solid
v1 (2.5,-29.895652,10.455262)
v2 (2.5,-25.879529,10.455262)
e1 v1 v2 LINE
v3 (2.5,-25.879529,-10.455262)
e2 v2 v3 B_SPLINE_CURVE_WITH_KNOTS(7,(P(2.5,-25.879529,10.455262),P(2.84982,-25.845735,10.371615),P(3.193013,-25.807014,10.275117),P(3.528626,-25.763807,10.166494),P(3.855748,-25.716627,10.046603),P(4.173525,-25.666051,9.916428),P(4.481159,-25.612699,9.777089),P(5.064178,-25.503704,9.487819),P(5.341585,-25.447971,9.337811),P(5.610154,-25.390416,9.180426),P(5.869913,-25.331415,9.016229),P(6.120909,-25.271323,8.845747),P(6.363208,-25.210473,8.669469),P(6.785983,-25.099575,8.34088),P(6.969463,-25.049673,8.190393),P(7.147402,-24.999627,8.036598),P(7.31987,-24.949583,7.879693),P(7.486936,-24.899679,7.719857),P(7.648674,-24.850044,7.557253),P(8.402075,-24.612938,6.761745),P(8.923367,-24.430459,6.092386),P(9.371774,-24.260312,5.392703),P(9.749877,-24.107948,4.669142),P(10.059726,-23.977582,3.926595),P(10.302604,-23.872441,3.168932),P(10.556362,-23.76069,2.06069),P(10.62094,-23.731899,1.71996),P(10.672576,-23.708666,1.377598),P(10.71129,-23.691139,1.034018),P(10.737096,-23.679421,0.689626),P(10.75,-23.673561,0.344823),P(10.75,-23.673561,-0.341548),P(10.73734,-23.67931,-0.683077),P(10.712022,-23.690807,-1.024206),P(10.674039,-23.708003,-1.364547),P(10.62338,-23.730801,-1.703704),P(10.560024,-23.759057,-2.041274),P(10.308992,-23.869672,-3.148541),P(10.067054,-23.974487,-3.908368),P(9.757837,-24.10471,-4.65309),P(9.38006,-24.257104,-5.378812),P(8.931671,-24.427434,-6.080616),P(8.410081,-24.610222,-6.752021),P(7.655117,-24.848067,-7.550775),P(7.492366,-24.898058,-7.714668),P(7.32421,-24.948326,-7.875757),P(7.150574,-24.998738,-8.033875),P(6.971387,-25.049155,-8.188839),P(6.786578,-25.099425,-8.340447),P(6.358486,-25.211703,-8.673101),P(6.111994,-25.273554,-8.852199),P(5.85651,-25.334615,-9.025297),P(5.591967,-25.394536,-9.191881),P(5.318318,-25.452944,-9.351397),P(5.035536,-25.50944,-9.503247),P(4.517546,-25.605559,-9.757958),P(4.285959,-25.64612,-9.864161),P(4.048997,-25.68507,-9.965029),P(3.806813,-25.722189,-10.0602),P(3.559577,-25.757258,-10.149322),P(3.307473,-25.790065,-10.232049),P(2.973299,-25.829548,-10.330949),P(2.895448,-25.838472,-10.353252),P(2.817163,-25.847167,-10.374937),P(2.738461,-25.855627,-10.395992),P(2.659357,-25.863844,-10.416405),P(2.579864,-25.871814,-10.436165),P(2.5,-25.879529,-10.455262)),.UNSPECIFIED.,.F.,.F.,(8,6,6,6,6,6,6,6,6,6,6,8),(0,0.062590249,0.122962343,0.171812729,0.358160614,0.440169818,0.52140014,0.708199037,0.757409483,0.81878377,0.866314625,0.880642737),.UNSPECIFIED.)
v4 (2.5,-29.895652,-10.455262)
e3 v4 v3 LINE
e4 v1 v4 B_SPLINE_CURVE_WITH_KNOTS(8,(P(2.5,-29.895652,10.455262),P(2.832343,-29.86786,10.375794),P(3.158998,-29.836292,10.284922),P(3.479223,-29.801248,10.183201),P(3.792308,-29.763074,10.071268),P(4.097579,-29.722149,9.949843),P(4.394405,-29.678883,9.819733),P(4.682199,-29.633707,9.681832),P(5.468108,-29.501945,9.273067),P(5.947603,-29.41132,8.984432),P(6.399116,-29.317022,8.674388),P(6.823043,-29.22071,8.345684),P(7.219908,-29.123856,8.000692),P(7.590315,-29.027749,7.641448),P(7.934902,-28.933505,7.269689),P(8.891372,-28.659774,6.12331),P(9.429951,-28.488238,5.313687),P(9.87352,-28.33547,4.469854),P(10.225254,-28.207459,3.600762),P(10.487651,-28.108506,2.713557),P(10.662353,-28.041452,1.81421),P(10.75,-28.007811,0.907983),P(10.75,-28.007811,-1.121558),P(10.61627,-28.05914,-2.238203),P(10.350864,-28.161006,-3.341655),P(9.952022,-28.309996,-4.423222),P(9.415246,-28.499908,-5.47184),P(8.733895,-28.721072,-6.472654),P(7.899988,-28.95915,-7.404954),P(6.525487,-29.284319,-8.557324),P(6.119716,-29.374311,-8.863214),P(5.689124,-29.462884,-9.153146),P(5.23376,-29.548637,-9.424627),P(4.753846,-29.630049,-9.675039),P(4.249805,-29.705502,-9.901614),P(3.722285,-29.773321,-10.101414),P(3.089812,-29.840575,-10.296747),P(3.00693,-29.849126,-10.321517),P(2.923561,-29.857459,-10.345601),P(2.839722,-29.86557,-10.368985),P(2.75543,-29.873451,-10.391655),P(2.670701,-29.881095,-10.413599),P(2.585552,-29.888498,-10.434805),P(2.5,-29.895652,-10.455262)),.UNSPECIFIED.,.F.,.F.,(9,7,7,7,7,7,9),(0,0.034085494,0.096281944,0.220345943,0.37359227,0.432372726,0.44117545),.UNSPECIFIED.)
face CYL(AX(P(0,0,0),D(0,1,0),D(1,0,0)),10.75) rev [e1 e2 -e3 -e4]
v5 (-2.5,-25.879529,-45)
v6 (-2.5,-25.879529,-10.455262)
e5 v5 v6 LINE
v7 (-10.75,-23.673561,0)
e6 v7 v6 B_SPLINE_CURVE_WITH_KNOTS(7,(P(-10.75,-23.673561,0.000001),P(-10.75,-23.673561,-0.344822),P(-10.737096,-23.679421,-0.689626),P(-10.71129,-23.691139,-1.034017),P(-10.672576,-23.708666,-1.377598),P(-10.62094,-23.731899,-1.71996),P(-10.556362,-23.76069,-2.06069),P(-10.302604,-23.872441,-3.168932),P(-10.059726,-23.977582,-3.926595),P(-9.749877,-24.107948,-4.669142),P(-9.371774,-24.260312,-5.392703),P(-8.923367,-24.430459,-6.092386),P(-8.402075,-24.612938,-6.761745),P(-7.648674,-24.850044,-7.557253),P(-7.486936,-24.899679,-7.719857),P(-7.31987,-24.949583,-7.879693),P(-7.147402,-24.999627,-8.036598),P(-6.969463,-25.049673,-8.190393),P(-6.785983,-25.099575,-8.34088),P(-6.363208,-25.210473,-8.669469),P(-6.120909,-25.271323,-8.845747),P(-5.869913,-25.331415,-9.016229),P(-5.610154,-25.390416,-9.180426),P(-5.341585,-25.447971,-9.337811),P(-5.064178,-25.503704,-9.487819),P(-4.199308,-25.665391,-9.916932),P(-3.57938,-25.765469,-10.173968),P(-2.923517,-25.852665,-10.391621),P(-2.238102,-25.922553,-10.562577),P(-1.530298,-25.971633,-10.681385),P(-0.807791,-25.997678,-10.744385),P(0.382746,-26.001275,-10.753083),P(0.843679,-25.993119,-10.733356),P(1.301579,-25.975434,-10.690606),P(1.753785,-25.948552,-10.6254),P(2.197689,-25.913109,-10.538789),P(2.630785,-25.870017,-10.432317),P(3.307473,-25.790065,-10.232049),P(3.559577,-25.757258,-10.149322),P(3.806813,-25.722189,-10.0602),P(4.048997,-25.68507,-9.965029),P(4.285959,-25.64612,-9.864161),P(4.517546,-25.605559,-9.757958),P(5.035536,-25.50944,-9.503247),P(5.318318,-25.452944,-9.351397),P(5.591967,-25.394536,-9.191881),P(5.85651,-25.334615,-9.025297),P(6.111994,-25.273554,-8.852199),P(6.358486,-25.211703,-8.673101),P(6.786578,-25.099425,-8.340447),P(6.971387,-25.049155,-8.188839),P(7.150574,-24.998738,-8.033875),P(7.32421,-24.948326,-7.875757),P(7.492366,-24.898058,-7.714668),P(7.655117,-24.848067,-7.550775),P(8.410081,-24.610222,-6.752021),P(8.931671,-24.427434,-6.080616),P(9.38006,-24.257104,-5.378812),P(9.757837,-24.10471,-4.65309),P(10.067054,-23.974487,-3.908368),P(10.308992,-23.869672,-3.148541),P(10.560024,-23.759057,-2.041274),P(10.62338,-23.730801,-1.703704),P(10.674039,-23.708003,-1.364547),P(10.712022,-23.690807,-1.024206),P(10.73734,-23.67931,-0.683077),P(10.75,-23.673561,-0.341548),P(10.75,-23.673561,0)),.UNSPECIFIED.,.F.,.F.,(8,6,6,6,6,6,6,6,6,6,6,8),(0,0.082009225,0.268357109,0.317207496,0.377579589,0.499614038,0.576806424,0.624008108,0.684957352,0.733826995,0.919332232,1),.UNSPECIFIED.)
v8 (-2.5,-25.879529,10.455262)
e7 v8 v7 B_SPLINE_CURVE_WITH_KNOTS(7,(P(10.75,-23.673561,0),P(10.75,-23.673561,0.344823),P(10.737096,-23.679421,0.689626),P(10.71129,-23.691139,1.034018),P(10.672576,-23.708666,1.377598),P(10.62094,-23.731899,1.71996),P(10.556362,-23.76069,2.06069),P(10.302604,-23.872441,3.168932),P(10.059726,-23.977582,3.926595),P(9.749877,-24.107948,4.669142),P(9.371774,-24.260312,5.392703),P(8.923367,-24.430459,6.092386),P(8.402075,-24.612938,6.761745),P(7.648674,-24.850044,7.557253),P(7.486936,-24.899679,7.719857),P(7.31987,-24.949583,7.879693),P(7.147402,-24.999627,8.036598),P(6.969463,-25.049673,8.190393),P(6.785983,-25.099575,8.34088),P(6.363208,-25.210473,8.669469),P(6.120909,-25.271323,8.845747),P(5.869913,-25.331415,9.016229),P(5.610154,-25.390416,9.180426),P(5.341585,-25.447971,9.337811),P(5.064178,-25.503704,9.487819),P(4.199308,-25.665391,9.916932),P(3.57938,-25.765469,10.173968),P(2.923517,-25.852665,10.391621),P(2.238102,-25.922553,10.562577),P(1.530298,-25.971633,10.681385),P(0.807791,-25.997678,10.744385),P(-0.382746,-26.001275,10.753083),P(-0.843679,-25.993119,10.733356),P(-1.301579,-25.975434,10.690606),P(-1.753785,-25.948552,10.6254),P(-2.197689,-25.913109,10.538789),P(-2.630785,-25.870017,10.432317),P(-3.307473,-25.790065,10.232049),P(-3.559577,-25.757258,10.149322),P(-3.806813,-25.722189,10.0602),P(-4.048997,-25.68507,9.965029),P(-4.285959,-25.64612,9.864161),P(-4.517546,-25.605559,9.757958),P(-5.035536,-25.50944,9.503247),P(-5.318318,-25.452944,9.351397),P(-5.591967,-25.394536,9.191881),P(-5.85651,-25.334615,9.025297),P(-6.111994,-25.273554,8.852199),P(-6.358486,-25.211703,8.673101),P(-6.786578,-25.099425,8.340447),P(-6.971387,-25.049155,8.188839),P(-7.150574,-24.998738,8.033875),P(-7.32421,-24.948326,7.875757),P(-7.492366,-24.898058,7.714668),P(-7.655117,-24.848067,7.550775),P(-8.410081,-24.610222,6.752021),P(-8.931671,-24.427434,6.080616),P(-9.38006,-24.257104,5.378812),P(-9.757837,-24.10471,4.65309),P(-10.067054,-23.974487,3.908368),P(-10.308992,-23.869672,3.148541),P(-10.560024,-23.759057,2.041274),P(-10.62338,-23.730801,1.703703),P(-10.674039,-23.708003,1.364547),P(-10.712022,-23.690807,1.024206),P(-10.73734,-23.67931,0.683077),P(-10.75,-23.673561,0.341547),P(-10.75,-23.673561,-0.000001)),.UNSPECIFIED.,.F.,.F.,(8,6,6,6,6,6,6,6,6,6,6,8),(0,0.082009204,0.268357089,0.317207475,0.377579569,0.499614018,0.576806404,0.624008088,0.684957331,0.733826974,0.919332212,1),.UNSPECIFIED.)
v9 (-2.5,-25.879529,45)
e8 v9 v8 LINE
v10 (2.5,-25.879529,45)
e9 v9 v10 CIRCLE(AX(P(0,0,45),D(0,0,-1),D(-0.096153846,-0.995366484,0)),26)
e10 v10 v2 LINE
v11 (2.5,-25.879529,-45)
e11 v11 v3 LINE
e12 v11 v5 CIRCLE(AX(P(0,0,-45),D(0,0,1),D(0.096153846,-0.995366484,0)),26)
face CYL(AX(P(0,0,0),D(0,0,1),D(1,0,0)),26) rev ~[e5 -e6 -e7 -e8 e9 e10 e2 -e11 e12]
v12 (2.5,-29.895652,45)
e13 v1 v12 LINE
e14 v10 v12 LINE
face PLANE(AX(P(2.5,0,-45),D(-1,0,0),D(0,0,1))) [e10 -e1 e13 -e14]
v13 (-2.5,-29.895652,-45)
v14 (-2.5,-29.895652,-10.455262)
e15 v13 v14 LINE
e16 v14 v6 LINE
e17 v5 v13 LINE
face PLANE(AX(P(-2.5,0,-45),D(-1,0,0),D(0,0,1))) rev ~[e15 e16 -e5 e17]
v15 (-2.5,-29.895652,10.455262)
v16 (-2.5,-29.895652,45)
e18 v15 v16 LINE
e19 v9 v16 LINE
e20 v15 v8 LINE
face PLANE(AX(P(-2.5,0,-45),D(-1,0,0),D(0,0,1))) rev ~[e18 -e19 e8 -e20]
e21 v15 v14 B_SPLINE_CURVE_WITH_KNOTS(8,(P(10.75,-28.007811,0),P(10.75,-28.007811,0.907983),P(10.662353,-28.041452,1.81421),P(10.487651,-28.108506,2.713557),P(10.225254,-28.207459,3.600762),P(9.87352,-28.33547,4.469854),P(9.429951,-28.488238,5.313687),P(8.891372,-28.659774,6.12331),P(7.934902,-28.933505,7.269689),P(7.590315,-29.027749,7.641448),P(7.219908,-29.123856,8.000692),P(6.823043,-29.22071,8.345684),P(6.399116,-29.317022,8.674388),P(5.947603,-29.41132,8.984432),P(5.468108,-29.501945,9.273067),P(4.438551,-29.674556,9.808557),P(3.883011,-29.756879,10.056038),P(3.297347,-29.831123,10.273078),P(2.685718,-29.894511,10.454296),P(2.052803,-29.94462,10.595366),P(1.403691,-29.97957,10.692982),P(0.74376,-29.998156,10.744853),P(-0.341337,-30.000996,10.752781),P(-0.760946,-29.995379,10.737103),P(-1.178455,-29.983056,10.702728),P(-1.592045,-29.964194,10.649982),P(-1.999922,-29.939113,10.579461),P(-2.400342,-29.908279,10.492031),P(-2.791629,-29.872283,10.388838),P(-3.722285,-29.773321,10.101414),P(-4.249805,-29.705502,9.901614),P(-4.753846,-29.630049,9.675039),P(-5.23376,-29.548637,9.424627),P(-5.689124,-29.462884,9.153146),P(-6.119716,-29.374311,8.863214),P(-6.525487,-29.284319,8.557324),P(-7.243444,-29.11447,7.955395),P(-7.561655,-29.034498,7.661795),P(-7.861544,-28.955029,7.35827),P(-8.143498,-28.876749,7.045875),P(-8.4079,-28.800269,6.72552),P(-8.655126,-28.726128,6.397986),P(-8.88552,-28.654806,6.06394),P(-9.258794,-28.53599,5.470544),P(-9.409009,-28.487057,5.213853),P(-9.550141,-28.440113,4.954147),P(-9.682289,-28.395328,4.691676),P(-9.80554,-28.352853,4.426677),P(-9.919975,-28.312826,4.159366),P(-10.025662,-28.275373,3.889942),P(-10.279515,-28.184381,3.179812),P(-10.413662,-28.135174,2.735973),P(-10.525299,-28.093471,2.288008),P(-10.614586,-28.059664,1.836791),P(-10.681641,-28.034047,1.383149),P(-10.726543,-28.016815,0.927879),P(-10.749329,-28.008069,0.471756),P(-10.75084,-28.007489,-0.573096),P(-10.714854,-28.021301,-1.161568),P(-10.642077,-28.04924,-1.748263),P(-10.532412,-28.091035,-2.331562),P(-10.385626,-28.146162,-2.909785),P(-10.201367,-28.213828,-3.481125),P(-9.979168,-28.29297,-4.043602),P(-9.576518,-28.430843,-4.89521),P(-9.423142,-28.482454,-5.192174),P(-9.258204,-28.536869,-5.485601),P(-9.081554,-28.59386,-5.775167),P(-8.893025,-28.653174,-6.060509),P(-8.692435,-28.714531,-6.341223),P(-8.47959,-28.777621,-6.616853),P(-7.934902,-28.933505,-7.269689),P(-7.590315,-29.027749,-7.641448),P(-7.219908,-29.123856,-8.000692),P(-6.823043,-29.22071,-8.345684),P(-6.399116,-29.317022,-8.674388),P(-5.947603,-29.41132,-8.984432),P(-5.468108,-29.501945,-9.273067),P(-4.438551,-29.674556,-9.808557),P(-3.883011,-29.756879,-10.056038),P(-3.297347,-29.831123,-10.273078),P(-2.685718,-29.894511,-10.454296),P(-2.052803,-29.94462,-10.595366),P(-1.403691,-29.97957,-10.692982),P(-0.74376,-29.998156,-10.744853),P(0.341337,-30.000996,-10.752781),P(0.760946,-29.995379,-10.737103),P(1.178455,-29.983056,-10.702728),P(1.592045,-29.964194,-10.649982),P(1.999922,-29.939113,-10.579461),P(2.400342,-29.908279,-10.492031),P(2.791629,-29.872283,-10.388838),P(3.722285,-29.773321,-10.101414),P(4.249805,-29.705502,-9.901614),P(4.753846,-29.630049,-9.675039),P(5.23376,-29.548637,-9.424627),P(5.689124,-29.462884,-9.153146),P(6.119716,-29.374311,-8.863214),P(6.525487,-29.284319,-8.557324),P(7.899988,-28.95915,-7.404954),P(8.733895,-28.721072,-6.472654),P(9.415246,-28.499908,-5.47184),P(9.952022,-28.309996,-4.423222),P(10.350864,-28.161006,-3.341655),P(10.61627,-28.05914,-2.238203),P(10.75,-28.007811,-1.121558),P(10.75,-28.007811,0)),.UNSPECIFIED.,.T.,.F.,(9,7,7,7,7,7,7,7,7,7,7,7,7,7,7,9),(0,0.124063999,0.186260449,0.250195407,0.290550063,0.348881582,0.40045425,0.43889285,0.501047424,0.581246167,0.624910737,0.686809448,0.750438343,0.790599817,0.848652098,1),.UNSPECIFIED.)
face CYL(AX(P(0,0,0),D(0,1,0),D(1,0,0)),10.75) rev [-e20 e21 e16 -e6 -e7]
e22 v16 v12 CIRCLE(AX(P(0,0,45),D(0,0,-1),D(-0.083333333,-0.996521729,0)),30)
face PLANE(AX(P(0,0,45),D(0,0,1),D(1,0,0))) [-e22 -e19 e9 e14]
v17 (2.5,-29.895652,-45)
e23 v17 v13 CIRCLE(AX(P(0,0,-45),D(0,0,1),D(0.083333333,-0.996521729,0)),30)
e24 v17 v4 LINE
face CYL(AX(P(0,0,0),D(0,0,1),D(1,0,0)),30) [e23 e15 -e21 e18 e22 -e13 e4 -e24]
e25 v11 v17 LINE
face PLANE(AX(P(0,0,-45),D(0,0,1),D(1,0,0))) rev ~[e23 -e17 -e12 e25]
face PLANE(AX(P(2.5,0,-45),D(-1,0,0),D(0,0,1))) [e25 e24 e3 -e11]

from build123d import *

# Parameters (mm, degrees)
SKETCH009_R       = 30
SKETCH009_R_2     = 26
PAD002_DEPTH      = 45
PAD002_DEPTH_BACK = 45
SKETCH010_R       = 10.75
POCKET007_DEPTH   = 30.001
SKETCH027_W       = 5
SKETCH027_H       = 90
POCKET012_DEPTH   = 30.001


with BuildPart() as part:
    # Sketch009 → Pad002 (new body, two sides)
    with BuildSketch(Plane.XY) as pad002_sk:
        Circle(SKETCH009_R)
        Circle(SKETCH009_R_2, mode=Mode.SUBTRACT)
    extrude(amount=PAD002_DEPTH)
    extrude(pad002_sk.sketch, amount=-PAD002_DEPTH_BACK)

    # Sketch010 → Pocket007 (cut, through all)
    with BuildSketch(Plane.XZ):
        Circle(SKETCH010_R)
    extrude(amount=POCKET007_DEPTH, mode=Mode.SUBTRACT)

    # Sketch027 → Pocket012 (cut, through all)
    with BuildSketch(Plane.XZ):
        Rectangle(SKETCH027_W, SKETCH027_H)
    extrude(amount=POCKET012_DEPTH, mode=Mode.SUBTRACT)


solid = part.part
